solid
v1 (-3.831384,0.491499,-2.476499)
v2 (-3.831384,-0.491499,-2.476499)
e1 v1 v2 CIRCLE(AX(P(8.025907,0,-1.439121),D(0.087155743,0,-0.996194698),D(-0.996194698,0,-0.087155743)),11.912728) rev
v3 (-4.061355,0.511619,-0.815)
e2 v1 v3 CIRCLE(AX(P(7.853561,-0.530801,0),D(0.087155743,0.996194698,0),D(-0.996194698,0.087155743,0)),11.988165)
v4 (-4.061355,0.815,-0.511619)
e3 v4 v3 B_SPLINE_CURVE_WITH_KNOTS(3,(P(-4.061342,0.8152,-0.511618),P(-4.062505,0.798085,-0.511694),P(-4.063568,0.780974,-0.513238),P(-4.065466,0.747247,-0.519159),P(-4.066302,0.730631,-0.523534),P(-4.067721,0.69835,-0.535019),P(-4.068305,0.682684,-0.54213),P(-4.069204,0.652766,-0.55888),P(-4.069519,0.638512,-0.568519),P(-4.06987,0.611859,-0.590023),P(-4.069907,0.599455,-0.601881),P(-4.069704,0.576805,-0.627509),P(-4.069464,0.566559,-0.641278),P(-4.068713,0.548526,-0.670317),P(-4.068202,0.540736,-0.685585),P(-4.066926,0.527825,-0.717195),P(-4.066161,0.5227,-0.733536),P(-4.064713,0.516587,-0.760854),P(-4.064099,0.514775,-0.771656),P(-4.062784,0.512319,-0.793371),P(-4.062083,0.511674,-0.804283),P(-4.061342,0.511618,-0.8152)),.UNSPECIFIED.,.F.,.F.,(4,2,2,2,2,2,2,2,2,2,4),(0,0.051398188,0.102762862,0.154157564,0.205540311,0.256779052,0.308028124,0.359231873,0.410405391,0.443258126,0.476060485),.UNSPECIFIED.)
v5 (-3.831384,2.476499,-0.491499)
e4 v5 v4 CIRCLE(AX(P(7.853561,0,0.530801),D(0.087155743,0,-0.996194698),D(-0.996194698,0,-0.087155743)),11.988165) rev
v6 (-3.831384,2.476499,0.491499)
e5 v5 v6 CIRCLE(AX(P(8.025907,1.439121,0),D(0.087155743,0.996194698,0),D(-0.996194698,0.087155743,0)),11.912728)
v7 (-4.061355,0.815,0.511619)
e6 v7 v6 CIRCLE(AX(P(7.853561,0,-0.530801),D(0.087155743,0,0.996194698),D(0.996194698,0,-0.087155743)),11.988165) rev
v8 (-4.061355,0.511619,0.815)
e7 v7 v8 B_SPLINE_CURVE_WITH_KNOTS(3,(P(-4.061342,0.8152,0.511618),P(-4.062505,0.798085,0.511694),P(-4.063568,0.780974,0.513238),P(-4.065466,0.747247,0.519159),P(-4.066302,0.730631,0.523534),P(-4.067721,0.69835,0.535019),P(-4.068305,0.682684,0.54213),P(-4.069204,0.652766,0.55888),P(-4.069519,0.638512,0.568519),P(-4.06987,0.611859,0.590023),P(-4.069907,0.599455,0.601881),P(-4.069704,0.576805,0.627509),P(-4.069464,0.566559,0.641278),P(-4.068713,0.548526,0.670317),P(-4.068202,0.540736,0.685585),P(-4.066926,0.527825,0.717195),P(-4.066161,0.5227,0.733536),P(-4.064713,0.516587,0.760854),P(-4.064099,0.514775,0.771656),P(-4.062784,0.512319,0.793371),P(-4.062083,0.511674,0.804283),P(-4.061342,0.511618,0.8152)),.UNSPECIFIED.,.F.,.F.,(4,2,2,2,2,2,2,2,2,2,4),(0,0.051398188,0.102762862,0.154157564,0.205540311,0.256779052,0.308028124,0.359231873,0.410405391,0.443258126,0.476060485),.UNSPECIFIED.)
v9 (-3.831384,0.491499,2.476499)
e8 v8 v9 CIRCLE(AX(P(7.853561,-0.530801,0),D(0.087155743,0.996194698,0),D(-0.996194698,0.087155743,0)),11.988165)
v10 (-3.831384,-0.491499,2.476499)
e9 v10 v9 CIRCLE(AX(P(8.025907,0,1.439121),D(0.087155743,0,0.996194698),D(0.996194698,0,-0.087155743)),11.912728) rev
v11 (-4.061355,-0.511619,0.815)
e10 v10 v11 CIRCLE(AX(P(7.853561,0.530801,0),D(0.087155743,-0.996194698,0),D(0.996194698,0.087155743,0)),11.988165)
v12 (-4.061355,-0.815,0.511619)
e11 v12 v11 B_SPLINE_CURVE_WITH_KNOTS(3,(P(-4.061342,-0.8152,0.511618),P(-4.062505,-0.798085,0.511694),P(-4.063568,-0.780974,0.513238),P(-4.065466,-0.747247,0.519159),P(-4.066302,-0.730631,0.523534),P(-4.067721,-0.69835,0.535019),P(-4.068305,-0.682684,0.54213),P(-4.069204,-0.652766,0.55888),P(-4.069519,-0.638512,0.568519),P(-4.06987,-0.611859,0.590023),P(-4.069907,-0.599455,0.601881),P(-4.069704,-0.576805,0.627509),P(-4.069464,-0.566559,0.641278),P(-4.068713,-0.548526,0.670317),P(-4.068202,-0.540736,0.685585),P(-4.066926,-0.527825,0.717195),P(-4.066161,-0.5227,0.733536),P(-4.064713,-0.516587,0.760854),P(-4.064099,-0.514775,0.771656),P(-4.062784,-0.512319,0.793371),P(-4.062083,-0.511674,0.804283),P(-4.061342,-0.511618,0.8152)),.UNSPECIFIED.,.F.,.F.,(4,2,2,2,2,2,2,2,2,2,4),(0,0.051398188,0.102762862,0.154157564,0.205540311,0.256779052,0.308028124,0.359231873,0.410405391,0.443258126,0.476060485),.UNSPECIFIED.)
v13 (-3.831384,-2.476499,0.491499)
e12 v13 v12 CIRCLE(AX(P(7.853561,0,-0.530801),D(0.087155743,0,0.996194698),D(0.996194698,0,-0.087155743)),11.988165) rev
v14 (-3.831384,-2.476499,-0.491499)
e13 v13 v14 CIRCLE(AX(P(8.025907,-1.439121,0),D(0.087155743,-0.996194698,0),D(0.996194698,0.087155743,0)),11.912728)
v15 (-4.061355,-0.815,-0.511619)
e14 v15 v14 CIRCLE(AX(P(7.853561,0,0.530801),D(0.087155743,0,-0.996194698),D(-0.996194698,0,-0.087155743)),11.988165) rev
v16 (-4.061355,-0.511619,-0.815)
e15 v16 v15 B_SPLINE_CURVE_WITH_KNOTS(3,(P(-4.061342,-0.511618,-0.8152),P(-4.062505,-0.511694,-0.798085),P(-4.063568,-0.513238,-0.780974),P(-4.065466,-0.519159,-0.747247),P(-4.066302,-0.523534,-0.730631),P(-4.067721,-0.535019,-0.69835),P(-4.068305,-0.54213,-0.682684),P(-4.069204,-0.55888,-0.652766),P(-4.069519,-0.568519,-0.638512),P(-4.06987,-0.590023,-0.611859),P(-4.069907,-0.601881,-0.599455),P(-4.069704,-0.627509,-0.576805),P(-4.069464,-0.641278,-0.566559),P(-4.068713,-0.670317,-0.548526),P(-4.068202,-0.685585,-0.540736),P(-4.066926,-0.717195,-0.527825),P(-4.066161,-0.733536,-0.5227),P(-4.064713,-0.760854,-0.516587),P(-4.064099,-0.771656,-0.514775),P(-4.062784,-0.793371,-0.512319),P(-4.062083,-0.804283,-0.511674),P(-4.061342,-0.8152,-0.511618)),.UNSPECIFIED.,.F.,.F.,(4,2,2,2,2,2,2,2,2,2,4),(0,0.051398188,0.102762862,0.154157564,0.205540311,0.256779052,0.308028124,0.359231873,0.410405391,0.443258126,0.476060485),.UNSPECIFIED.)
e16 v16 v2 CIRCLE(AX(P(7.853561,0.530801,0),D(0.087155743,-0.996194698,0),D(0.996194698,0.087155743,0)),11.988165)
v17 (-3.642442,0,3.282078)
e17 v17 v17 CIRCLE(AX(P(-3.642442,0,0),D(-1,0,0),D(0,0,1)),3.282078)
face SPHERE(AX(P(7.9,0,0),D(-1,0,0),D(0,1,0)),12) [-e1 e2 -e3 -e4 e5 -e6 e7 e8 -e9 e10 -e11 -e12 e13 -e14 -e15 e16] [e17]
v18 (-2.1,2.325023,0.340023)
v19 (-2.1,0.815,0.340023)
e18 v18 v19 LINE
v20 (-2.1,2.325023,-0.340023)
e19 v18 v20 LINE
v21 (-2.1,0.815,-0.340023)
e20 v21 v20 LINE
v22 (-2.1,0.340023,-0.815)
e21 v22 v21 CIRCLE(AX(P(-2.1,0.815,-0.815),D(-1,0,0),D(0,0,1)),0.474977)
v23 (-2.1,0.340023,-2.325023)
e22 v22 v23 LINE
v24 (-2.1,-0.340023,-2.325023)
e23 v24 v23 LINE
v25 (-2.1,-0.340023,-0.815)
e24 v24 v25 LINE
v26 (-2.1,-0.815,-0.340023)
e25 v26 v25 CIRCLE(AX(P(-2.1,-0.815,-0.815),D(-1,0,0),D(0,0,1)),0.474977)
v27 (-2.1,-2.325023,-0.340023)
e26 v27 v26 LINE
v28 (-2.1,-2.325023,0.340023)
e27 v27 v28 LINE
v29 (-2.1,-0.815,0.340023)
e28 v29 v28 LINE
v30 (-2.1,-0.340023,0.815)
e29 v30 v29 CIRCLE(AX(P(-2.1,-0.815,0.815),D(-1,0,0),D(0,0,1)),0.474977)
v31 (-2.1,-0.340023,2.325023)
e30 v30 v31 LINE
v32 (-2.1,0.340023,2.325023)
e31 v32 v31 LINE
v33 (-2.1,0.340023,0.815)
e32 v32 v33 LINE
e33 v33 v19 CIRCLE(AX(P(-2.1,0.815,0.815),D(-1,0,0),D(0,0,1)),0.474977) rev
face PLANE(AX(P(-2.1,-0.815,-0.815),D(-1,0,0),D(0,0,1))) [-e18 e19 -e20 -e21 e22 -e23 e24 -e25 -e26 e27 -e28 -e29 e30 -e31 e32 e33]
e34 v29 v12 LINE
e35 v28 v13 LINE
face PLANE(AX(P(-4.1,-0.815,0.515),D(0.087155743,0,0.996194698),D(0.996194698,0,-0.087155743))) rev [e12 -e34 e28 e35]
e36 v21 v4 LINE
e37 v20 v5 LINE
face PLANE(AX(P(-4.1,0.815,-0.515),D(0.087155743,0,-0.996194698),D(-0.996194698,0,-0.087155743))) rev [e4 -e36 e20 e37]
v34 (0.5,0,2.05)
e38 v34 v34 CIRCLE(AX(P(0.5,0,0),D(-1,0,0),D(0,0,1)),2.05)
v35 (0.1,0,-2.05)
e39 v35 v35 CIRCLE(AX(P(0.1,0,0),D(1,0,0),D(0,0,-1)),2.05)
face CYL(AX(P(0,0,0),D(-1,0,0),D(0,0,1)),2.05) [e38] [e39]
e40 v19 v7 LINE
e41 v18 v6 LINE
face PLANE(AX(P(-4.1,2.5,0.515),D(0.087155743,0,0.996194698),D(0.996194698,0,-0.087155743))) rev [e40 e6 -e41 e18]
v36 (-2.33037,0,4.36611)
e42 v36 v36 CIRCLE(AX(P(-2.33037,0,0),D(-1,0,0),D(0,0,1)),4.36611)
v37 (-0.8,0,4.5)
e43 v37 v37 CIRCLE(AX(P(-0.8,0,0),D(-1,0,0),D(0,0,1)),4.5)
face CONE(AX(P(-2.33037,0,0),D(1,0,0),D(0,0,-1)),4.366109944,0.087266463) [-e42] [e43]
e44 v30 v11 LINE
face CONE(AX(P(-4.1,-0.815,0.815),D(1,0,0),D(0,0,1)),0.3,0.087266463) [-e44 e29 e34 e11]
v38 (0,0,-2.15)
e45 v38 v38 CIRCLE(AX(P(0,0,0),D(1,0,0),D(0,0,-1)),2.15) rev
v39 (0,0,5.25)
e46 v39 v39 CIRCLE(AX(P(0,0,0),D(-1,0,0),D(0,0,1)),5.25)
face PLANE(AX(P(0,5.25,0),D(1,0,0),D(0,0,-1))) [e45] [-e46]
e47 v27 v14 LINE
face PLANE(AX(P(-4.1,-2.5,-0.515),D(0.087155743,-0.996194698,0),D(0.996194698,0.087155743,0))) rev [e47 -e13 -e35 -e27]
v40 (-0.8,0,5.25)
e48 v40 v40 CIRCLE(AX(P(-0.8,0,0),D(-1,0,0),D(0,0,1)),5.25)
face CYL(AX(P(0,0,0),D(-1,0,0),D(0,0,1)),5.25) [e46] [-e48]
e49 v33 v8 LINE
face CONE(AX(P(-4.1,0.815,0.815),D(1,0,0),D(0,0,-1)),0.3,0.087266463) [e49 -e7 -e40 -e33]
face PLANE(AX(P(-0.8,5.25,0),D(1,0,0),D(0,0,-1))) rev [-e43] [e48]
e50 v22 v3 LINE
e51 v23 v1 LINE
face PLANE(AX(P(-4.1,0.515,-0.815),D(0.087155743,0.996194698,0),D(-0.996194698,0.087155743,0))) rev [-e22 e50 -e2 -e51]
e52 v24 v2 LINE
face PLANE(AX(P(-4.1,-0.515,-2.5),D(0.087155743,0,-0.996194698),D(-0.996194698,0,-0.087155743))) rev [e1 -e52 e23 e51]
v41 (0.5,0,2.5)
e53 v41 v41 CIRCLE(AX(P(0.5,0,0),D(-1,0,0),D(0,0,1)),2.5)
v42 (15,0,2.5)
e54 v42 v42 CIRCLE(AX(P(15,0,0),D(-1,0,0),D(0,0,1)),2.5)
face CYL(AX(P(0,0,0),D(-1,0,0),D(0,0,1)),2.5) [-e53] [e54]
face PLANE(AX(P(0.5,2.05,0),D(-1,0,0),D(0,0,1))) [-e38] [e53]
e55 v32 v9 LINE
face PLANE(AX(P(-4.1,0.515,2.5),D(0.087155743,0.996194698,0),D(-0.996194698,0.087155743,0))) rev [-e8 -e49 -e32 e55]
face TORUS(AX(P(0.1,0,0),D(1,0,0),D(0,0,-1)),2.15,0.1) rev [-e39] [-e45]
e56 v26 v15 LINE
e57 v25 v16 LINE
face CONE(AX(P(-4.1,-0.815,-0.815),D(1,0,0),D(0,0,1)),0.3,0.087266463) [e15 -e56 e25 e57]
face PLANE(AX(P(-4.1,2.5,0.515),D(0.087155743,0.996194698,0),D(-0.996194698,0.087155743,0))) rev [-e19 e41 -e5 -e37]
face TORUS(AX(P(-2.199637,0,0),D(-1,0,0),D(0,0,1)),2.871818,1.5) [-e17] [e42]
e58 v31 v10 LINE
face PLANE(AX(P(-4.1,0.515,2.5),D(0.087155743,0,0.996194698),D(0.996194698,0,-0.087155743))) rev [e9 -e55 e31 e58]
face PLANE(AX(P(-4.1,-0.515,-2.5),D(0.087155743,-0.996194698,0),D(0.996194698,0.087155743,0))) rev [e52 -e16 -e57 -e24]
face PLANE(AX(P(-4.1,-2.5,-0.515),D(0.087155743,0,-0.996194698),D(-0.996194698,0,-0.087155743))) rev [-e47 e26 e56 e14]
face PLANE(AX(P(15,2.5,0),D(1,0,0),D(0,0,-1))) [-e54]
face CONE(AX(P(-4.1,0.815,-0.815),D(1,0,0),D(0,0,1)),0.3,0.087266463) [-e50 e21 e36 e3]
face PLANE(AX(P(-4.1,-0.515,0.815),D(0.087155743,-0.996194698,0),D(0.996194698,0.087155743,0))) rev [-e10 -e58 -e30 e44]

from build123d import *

# Parameters (mm, degrees)
CUT_EXTRUDE_1_DEPTH = 2
CUT_EXTRUDE_1_TAPER = 5
FILLET_1_R          = 0.1


with BuildPart() as part:
    # ｽｹｯﾁ1 → Revolve 858 (revolve)
    with BuildSketch(Plane.XY):
        with BuildLine():
            Line((-2.330370339, 4.366109944), (-0.8, 4.5))
            Line((-0.8, 4.5), (-0.8, 5.25))
            Line((-0.8, 5.25), (0, 5.25))
            Line((0, 5.25), (0, 2.05))
            Line((0, 2.05), (0.5, 2.05))
            Line((0.5, 2.05), (0.5, 2.5))
            Line((0.5, 2.5), (15, 2.5))
            Line((15, 2.5), (15, 0))
            Line((15, 0), (-4.1, 0))
            ThreePointArc((-4.1, 0), (-3.985060026, 1.656909224), (-3.642441971, 3.282077597))
            ThreePointArc((-3.642441971, 3.282077597), (-3.155035944, 4.028196871), (-2.330370339, 4.366109944))
        make_face()
    revolve(axis=Axis((0, 0, 0), (1, 0, 0)))

    # ｽｹｯﾁ2 → ｶｯﾄ - 押し出し1 (cut)
    with BuildSketch(Plane(origin=(-4.1, 0, 0), x_dir=(0, 0, -1), z_dir=(1, 0, 0))):
        with BuildLine():
            Line((0.515, -2.5), (0.515, -0.815))
            ThreePointArc((0.515, -0.815), (0.602867966, -0.602867966), (0.815, -0.515))
            Line((0.815, -0.515), (2.5, -0.515))
            Line((2.5, -0.515), (2.5, 0.515))
            Line((2.5, 0.515), (0.815, 0.515))
            ThreePointArc((0.815, 0.515), (0.602867966, 0.602867966), (0.515, 0.815))
            Line((0.515, 0.815), (0.515, 2.5))
            Line((0.515, 2.5), (-0.515, 2.5))
            Line((-0.515, 2.5), (-0.515, 0.815))
            ThreePointArc((-0.515, 0.815), (-0.602867966, 0.602867966), (-0.815, 0.515))
            Line((-0.815, 0.515), (-2.5, 0.515))
            Line((-2.5, 0.515), (-2.5, -0.515))
            Line((-2.5, -0.515), (-0.815, -0.515))
            ThreePointArc((-0.815, -0.515), (-0.602867966, -0.602867966), (-0.515, -0.815))
            Line((-0.515, -0.815), (-0.515, -2.5))
            Line((-0.515, -2.5), (0.515, -2.5))
        make_face()
    extrude(amount=CUT_EXTRUDE_1_DEPTH, taper=CUT_EXTRUDE_1_TAPER, mode=Mode.SUBTRACT)

    # ﾌｨﾚｯﾄ1
    fillet_1_edges = [part.edges().sort_by_distance(p)[0] for p in [
        (0, -2.05, 0),
    ]]
    fillet(fillet_1_edges, radius=FILLET_1_R)


solid = part.part
